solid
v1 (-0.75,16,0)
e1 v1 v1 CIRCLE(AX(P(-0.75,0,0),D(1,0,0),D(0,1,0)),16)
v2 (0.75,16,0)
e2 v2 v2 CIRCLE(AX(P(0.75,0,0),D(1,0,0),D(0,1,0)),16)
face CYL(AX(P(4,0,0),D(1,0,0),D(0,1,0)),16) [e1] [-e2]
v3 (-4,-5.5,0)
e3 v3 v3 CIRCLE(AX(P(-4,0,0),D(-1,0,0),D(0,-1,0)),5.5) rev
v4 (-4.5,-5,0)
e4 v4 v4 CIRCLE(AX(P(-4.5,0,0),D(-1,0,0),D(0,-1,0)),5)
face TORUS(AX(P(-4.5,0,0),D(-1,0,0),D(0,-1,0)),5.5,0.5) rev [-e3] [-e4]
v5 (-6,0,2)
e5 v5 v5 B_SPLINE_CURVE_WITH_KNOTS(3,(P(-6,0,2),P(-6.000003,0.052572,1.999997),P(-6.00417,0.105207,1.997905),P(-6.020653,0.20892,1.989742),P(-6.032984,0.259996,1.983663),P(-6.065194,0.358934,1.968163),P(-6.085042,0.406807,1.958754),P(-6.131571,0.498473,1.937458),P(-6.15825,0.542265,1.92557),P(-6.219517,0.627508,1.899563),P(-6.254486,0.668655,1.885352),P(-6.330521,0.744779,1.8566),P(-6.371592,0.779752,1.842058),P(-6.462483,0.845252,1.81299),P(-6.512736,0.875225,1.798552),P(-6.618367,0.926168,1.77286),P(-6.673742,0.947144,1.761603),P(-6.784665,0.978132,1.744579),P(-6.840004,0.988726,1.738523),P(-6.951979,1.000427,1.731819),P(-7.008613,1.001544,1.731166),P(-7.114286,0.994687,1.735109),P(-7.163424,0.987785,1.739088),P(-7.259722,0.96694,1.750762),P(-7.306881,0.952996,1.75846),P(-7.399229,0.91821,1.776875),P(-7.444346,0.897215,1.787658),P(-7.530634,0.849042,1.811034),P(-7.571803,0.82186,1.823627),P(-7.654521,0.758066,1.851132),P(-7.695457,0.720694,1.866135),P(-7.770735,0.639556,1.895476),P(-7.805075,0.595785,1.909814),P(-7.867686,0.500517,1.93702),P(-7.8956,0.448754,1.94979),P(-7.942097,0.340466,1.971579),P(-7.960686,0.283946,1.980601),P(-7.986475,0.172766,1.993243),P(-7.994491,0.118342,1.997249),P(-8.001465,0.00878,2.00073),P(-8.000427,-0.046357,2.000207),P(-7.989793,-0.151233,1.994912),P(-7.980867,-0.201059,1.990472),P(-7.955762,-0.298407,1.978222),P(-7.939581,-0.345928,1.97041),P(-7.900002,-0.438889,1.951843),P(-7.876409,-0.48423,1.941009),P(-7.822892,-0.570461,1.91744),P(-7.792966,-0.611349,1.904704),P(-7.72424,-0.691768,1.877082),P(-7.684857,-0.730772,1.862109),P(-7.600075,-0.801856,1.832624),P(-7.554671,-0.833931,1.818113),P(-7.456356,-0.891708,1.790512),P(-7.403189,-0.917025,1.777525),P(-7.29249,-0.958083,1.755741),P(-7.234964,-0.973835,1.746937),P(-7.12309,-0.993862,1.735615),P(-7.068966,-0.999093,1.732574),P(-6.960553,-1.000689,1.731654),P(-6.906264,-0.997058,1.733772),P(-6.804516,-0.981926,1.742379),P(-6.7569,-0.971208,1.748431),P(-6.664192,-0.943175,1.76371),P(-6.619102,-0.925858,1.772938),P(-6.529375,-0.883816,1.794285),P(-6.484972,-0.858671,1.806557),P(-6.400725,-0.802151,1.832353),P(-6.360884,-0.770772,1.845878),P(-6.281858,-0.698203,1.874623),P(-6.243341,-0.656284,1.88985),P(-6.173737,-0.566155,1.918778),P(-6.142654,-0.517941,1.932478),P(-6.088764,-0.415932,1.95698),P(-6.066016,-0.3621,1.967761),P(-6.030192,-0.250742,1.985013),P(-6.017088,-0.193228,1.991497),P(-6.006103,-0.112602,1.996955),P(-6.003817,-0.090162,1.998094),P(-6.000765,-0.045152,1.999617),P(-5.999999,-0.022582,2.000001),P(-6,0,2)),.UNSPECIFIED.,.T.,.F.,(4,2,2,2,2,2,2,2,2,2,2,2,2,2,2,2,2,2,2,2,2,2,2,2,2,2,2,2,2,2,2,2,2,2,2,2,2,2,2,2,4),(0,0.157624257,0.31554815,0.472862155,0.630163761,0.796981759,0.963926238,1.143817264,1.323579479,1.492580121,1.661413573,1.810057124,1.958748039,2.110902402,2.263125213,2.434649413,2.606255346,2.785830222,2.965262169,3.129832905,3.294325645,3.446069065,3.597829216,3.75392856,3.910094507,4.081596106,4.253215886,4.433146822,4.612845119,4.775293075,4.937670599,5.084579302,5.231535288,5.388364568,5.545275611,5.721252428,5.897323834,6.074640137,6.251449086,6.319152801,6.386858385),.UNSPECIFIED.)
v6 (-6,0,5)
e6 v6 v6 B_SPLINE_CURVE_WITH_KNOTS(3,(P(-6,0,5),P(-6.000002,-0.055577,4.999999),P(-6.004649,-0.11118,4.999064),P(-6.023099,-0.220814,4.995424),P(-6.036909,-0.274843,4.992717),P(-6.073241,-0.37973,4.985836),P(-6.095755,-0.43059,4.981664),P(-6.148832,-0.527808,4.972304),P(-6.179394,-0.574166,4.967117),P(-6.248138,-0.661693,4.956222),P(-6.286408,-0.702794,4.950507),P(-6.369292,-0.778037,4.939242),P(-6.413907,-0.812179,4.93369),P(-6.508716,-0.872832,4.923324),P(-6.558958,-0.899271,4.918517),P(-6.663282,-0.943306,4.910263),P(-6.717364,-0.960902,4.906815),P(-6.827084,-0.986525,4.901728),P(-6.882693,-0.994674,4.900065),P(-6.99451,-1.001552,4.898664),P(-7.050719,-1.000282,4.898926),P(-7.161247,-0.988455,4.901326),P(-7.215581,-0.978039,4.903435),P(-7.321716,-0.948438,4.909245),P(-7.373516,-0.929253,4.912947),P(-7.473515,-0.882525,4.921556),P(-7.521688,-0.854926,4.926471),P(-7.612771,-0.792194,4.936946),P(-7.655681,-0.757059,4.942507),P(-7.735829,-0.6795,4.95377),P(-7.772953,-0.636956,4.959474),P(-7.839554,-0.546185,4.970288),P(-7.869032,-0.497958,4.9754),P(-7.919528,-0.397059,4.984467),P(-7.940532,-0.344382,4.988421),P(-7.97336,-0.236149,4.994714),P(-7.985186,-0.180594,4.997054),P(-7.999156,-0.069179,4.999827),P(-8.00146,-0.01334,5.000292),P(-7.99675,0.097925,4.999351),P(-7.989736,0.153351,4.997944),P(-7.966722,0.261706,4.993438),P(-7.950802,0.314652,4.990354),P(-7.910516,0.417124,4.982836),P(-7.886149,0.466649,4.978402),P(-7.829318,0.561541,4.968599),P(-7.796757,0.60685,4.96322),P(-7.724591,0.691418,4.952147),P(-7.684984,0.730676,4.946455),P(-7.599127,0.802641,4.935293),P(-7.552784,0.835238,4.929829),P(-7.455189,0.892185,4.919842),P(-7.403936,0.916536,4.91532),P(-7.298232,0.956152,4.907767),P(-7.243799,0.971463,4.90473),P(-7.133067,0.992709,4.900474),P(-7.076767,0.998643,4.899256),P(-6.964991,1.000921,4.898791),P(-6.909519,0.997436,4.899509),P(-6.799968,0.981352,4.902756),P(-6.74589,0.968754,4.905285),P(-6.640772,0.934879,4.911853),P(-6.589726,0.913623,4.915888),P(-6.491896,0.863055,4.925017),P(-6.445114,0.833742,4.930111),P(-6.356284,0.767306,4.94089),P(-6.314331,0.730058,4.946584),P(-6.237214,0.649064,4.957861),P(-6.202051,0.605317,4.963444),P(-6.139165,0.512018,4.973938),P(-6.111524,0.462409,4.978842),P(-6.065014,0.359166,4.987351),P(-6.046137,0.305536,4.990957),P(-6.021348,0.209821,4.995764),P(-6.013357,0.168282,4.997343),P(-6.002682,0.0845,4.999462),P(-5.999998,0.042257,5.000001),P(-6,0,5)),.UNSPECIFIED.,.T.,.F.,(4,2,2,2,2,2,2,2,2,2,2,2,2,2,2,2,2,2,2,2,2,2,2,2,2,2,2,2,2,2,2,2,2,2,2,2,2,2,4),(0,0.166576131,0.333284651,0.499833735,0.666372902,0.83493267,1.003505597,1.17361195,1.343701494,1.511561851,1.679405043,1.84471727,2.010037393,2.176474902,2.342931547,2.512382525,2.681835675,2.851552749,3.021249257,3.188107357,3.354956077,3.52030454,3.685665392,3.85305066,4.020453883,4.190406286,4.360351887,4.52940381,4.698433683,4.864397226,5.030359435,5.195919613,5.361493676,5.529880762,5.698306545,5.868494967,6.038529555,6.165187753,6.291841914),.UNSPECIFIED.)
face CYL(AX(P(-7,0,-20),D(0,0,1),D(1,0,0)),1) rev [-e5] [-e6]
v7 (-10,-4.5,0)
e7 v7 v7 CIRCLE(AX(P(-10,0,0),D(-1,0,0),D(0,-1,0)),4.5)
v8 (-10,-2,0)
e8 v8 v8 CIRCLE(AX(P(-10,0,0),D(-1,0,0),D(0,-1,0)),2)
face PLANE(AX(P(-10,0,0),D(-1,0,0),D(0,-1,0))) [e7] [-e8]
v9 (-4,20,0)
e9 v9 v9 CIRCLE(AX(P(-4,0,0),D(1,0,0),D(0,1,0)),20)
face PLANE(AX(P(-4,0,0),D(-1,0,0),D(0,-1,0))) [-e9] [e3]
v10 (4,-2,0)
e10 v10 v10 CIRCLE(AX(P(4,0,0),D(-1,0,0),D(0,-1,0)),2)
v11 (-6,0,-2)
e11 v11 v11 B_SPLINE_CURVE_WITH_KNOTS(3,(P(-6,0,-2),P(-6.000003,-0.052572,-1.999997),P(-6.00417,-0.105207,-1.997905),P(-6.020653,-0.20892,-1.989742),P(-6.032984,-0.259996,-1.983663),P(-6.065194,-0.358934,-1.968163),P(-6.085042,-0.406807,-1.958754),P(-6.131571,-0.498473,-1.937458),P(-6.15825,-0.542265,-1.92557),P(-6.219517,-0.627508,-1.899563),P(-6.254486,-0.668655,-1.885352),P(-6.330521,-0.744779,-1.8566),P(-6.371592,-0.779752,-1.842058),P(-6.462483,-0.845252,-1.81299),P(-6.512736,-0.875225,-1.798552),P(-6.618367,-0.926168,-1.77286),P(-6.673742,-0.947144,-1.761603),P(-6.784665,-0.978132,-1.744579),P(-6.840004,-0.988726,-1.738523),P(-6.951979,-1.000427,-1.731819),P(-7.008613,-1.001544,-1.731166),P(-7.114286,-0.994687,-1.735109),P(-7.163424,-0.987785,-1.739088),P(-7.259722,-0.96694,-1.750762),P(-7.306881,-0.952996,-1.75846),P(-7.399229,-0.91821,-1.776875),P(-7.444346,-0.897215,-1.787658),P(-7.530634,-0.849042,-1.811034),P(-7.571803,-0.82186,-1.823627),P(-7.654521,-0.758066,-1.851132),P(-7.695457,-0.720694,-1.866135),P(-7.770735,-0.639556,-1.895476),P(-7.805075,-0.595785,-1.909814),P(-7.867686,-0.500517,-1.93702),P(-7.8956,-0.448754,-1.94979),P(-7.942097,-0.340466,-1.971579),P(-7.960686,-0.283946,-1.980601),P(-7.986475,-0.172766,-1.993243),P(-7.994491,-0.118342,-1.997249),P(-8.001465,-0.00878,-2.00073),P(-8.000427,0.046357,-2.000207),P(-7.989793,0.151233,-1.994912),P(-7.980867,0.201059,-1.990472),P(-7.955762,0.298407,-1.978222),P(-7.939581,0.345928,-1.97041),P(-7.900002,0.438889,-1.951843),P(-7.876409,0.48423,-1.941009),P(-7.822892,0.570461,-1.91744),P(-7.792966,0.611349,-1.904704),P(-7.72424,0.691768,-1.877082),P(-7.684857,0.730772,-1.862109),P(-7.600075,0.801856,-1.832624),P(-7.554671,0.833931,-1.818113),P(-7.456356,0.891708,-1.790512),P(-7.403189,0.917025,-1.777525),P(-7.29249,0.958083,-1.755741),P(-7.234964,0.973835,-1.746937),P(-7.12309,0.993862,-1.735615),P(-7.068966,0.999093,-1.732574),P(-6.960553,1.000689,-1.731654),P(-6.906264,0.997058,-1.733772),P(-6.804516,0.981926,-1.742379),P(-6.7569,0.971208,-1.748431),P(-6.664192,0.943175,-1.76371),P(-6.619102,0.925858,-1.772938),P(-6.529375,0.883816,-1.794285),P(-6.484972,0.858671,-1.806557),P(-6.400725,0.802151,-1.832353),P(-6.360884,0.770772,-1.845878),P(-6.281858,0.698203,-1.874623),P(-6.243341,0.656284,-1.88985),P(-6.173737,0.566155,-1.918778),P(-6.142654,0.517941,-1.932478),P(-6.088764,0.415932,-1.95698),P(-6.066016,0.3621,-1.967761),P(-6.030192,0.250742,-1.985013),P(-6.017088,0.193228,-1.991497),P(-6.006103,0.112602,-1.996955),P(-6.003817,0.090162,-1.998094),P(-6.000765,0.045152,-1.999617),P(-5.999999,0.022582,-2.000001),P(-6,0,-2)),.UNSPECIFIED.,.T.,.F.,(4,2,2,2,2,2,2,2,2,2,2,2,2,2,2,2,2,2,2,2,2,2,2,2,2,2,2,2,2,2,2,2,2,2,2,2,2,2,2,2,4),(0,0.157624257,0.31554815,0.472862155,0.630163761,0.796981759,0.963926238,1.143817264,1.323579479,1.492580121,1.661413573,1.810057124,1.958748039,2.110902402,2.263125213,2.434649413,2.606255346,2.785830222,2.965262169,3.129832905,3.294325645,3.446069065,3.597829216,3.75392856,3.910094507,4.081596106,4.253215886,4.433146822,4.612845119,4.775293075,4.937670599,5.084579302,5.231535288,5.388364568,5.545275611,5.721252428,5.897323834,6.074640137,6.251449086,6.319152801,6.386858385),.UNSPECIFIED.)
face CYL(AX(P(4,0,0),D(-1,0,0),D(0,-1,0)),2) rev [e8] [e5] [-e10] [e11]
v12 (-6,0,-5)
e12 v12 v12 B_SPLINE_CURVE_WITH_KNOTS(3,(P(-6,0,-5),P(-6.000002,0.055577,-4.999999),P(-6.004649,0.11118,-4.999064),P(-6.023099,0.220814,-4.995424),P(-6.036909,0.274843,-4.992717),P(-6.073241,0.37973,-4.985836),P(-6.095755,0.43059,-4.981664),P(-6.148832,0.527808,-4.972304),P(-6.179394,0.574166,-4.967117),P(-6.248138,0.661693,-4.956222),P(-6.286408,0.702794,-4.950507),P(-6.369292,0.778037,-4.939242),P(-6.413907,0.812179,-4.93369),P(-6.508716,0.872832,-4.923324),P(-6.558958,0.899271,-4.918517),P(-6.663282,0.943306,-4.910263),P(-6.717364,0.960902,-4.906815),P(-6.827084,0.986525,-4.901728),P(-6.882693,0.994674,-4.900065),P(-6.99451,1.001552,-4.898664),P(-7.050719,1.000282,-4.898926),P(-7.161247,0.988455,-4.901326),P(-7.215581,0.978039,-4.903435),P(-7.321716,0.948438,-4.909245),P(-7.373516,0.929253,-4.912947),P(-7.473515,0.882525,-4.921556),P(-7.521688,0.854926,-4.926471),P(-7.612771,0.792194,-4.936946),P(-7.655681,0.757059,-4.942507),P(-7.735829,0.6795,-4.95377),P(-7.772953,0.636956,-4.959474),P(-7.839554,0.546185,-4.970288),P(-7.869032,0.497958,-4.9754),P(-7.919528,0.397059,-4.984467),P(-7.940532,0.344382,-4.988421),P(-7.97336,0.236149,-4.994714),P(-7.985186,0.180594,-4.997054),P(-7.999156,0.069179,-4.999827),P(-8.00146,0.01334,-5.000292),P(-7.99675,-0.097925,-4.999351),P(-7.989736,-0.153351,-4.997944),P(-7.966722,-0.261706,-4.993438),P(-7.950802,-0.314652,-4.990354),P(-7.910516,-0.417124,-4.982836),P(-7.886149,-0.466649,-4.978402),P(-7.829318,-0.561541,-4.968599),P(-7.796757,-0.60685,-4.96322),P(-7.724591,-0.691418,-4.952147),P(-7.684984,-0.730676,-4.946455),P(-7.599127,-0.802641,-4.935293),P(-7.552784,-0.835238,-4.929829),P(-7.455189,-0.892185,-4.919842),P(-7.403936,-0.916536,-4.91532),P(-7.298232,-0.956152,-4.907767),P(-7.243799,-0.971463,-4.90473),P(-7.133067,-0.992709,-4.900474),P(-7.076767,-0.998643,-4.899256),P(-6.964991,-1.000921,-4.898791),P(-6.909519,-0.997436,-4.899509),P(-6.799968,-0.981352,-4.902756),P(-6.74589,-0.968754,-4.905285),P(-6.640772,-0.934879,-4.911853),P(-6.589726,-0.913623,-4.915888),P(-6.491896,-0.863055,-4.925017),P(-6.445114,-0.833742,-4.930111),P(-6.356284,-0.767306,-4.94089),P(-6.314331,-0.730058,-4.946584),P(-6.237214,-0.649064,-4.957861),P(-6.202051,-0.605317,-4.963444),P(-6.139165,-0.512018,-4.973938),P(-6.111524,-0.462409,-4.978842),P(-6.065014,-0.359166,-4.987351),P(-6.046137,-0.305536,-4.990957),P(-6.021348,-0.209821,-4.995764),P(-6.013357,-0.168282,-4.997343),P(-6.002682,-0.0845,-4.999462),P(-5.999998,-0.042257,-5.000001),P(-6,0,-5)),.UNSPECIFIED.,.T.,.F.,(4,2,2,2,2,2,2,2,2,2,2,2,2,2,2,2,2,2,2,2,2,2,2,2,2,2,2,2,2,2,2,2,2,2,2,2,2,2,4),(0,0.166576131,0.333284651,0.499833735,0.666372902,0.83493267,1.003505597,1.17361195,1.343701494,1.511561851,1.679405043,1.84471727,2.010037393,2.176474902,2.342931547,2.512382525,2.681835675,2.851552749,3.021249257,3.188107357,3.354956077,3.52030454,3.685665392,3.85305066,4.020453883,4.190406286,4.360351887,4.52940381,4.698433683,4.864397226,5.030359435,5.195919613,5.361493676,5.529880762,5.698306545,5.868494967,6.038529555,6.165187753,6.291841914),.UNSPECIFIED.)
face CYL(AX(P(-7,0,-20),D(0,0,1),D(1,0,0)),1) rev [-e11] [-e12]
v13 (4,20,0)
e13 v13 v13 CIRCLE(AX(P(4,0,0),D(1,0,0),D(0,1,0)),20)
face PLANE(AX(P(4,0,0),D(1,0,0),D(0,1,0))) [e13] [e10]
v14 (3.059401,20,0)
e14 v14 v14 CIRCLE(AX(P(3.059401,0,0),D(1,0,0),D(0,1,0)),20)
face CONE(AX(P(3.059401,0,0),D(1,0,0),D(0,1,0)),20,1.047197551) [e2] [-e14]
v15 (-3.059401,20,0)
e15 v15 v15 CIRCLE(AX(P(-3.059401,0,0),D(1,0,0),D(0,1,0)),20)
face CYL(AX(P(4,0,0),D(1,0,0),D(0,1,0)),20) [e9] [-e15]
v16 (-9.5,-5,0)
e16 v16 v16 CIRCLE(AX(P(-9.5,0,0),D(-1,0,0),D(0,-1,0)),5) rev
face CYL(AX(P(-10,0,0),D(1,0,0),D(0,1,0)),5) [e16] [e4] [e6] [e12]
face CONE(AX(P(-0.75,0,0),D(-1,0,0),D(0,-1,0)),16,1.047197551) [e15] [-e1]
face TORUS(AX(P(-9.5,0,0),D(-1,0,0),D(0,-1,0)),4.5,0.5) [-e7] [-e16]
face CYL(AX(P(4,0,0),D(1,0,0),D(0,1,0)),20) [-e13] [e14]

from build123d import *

# Parameters (mm, degrees)
SKETCH2_R               = 5
BOSS_EXTRUDE1_DEPTH     = 6
SKETCH3_R               = 2
CUT_EXTRUDE1_DEPTH      = 32.559467676
FILLET1_R               = 0.5
CUT_EXTRUDE2_DEPTH      = 31
CUT_EXTRUDE2_DEPTH_BACK = 31
SKETCH4_R               = 1


with BuildPart() as part:
    # Sketch1 → Revolve1 (revolve)
    with BuildSketch(Plane.XY):
        Polygon((-3.059401077, 20), (-0.75, 16), (0.75, 16), (3.059401077, 20), (4, 20), (4, 0), (-4, 0), (-4, 20), align=None)
    revolve(axis=Axis((4, 0, 0), (-1, 0, 0)))

    # Sketch2 → Boss-Extrude1 (add)
    with BuildSketch(Plane.ZY.offset(4)):
        with Locations(Location((0, 0, 0), (0, 0, 270))):
            Circle(SKETCH2_R)
    extrude(amount=BOSS_EXTRUDE1_DEPTH)

    # Sketch3 → Cut-Extrude1 (cut, through all)
    with BuildSketch(Plane.ZY.offset(10)):
        with Locations(Location((0, 0, 0), (0, 0, 270))):
            Circle(SKETCH3_R)
    extrude(amount=-CUT_EXTRUDE1_DEPTH, mode=Mode.SUBTRACT)

    # Fillet1
    fillet1_edges = [part.edges().sort_by_distance(p)[0] for p in [
        (-4, 5, 0),
        (-10, 5, 0),
    ]]
    fillet(fillet1_edges, radius=FILLET1_R)

    # Sketch4 → Cut-Extrude2 (cut, two sides: drawn at the far end of the back side and taken through both)
    with BuildSketch(Plane.XY.offset(-CUT_EXTRUDE2_DEPTH_BACK)):
        with Locations((-7, 0)):
            Circle(SKETCH4_R)
    extrude(amount=CUT_EXTRUDE2_DEPTH + CUT_EXTRUDE2_DEPTH_BACK, mode=Mode.SUBTRACT)


solid = part.part
